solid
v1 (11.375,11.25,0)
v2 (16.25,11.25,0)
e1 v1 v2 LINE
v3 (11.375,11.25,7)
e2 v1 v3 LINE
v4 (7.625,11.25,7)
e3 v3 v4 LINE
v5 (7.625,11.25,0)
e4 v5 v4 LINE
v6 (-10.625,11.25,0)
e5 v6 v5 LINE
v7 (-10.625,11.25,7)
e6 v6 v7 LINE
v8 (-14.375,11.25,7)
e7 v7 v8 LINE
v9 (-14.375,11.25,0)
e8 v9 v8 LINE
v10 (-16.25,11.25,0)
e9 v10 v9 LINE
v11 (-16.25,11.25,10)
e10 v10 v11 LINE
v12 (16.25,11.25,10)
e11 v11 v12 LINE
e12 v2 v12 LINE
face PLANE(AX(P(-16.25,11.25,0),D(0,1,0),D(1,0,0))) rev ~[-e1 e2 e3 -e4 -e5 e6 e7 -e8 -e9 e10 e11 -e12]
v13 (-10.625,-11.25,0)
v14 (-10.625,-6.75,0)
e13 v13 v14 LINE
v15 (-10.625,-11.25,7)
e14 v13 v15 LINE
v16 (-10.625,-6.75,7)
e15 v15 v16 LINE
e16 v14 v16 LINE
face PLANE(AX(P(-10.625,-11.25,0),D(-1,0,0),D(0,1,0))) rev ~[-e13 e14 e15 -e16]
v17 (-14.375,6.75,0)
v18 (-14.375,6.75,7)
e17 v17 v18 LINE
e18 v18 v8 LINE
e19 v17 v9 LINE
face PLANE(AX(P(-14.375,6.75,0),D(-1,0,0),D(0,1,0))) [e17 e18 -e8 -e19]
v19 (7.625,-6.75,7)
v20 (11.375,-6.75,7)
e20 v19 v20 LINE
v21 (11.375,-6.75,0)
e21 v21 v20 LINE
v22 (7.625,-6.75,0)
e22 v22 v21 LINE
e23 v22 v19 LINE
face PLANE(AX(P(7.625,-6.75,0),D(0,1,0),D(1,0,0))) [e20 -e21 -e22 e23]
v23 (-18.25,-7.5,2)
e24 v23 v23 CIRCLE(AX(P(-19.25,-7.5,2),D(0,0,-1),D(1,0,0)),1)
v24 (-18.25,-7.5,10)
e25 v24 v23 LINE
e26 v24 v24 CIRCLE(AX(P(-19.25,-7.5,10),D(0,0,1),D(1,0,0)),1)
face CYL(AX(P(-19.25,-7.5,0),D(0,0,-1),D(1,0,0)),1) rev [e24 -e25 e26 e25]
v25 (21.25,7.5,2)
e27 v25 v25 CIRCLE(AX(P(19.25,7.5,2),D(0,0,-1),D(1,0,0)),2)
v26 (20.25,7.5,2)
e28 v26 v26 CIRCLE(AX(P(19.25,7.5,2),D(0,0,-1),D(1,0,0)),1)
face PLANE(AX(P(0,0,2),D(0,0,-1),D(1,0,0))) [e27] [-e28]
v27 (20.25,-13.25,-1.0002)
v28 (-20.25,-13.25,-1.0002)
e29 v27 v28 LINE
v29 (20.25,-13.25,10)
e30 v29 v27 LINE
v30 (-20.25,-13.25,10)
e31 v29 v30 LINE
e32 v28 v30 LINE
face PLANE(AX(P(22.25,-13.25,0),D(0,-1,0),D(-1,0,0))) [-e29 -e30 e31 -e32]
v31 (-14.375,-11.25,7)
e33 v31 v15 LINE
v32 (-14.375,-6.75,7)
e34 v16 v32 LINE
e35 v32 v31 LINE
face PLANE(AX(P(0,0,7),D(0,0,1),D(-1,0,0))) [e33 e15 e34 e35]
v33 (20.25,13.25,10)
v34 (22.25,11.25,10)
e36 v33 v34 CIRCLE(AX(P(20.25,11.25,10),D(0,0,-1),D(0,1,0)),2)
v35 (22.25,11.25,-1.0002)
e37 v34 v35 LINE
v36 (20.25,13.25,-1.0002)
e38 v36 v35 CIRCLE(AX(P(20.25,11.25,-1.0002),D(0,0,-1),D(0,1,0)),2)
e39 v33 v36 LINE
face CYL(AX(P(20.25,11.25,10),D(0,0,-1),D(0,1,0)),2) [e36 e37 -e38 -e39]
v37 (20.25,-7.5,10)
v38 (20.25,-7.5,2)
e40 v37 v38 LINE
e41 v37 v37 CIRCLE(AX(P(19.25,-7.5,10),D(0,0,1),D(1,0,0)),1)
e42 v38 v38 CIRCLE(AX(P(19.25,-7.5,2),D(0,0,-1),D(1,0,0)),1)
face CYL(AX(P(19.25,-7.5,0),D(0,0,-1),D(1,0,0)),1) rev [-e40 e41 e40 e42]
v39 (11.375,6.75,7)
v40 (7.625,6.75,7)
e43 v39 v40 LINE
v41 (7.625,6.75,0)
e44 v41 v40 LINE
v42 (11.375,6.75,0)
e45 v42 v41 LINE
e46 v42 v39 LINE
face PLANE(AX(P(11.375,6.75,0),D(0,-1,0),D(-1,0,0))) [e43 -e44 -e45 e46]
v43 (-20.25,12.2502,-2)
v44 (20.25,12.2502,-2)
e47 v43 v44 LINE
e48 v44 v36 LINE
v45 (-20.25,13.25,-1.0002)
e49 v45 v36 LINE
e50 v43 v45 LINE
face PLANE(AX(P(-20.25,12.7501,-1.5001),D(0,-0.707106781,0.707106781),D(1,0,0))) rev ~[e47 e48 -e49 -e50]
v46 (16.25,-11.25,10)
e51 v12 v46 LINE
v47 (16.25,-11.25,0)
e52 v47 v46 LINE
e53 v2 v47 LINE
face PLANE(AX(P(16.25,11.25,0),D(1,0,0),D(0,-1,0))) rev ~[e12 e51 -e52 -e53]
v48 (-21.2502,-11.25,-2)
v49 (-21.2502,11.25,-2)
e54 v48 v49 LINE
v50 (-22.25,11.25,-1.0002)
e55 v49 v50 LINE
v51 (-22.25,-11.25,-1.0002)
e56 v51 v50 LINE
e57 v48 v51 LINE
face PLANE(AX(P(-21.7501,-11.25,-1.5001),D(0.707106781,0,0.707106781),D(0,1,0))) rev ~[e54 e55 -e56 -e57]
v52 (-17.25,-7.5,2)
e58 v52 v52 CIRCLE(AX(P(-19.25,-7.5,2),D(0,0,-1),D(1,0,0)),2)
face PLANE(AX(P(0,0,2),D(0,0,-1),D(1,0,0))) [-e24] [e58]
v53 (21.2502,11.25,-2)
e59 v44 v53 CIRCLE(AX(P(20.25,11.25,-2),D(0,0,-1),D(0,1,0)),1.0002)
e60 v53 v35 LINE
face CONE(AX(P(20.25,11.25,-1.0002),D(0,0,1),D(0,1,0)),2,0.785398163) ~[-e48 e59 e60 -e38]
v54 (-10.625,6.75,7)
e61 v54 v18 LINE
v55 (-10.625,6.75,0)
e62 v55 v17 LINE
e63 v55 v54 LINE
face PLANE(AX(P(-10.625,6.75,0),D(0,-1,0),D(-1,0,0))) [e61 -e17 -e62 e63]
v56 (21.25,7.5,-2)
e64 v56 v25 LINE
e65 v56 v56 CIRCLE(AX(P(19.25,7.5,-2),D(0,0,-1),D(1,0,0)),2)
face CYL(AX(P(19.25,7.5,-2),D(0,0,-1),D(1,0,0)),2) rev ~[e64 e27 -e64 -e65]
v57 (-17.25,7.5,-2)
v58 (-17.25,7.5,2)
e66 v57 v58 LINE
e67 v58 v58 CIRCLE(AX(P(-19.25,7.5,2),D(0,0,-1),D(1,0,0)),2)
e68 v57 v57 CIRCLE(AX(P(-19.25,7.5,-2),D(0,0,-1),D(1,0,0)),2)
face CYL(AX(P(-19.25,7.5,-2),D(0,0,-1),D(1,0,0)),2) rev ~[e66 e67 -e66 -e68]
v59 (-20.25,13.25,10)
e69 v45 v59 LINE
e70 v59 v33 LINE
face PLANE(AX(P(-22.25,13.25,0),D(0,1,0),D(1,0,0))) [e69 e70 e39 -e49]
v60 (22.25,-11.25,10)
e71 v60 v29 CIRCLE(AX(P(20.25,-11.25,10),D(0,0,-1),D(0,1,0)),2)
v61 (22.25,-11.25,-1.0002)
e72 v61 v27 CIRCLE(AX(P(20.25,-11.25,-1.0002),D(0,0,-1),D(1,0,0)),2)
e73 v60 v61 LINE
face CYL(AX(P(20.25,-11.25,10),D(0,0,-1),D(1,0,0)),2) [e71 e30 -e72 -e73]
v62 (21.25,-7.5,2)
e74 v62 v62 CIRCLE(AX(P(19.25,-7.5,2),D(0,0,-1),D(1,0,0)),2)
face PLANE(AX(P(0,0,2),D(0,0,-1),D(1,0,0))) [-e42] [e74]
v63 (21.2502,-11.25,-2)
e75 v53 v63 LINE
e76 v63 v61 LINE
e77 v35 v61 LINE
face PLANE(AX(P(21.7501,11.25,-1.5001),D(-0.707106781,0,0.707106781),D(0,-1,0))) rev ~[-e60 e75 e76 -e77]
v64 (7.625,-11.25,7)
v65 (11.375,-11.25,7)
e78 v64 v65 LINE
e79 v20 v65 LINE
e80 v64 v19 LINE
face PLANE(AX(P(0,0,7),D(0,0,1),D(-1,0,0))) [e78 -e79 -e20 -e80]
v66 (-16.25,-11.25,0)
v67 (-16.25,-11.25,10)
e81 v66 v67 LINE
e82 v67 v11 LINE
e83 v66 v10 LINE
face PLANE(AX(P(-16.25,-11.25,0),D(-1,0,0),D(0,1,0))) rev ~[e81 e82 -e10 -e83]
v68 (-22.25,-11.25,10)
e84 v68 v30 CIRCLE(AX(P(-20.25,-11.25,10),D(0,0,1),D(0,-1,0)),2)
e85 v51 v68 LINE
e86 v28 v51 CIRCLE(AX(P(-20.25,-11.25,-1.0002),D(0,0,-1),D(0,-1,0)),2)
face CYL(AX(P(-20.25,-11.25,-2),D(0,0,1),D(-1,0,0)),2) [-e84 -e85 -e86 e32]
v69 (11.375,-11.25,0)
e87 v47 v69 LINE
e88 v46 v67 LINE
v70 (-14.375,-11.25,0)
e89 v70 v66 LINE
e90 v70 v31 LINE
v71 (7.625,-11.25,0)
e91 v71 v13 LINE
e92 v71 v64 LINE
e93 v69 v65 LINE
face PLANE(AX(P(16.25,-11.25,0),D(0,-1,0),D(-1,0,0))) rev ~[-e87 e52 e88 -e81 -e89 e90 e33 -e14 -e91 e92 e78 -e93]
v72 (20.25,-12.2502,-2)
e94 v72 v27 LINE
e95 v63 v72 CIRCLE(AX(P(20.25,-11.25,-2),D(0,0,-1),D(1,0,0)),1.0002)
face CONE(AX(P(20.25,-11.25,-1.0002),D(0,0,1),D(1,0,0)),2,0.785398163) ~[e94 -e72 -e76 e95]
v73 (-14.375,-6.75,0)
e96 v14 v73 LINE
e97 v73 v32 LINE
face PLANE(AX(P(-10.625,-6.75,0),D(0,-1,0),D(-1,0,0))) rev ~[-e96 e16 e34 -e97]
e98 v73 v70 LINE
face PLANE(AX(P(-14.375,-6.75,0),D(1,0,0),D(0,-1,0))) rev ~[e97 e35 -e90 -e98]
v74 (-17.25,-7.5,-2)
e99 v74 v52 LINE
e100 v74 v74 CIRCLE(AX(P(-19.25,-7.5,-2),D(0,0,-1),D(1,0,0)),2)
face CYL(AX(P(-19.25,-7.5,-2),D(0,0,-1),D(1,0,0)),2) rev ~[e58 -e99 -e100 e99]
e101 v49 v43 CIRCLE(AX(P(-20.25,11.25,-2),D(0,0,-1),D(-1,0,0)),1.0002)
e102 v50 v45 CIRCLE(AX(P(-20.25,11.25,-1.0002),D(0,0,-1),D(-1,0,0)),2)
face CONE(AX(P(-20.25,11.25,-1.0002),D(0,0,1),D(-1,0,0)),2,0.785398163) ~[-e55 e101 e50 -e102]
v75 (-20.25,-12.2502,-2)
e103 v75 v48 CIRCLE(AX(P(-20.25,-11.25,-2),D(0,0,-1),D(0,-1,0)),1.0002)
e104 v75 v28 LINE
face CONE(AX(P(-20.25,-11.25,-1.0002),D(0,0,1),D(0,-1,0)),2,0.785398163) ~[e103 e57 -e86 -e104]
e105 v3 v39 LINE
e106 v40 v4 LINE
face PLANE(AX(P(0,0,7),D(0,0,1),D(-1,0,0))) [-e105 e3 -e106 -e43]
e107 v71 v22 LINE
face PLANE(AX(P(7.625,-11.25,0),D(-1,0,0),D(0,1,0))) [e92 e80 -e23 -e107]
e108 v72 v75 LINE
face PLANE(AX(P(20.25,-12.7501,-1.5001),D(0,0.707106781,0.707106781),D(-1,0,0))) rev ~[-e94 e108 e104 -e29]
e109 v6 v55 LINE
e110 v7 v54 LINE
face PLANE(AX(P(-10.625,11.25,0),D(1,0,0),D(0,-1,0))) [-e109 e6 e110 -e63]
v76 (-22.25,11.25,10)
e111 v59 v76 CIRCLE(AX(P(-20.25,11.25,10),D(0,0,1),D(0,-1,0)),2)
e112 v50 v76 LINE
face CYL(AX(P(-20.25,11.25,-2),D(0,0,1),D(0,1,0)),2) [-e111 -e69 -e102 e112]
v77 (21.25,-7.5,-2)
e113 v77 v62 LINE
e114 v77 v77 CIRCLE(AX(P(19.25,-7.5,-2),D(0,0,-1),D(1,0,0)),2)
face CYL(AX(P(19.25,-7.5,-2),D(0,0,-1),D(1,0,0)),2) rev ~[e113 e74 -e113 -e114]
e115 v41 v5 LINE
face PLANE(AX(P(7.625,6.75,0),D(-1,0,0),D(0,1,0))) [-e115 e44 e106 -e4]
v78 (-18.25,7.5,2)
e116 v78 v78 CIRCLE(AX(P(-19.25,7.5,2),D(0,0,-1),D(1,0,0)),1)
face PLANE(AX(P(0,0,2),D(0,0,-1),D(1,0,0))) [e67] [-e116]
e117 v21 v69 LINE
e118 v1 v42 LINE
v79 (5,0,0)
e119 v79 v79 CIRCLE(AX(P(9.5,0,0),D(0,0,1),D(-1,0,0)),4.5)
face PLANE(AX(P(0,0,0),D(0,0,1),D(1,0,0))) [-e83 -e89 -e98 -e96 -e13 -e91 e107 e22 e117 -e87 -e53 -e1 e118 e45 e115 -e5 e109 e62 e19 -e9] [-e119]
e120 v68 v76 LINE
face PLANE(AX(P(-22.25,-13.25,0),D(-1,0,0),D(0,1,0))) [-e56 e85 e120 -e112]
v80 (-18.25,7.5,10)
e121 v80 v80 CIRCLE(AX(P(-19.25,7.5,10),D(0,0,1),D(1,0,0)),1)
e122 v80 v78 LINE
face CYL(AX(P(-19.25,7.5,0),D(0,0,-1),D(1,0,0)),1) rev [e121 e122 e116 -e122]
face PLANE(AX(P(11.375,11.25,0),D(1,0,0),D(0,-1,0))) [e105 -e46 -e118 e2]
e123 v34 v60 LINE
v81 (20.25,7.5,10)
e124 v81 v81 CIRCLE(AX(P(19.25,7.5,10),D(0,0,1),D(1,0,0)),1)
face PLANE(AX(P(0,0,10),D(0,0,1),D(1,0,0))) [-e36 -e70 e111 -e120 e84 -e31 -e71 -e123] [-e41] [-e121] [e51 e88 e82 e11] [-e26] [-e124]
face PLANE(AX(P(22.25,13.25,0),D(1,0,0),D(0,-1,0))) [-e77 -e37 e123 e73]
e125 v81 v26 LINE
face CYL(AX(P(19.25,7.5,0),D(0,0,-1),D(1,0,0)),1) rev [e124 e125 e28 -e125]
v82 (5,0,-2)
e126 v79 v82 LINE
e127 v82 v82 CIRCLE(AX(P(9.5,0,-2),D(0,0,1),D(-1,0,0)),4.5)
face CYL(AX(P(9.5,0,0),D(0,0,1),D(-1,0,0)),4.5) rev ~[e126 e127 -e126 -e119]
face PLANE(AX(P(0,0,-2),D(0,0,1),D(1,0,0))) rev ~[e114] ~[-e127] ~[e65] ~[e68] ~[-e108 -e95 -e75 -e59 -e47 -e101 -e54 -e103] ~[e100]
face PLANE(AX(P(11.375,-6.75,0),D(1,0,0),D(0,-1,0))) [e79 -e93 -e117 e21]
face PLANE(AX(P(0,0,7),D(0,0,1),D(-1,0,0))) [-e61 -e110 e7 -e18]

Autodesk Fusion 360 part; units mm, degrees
sketch "Sketch1" plane through (0, 0, 0) normal (0, 0, 1) x (1, 0, 0)
  line L0 (-16.25, 11.25) -> (16.25, 11.25)
  line L1 (16.25, 11.25) -> (16.25, -11.25)
  line L2 (16.25, -11.25) -> (-16.25, -11.25)
  line L3 (-16.25, -11.25) -> (-16.25, 11.25)
  line L4 (-22.25, 13.25) -> (22.25, 13.25)
  line L5 (22.25, 13.25) -> (22.25, -13.25)
  line L6 (22.25, -13.25) -> (-22.25, -13.25)
  line L7 (-22.25, -13.25) -> (-22.25, 13.25)
  line L8 (-22.25, 13.25) -> (22.25, -13.25) construction
  line L9 (22.25, 13.25) -> (-22.25, -13.25) construction
  line L10 (-19.25, 7.5) -> (-19.25, -7.5) construction
  line L11 (-22.25, 0) -> (-16.25, 0) construction
  line L12 (16.25, 0) -> (22.25, 0) construction
  line L13 (19.25, 7.5) -> (19.25, -7.5) construction
  circle A0 centre (-19.25, 7.5) radius 1
  circle A1 centre (-19.25, -7.5) radius 1
  circle A2 centre (19.25, -7.5) radius 1
  circle A3 centre (19.25, 7.5) radius 1
  point P0 (-19.25, 0)
  point P1 (-19.25, 0)
  point P2 (19.25, 0)
  point P3 (19.25, 0)
  dimension "d1" = 32.5
  dimension "d2" = 22.5
  dimension "d3" = 2
  dimension "d4" = 6
  dimension "d21" = 6
  dimension "d22" = 2
  dimension "d23" = 15
  dimension "d24" = 2
extrude "Extrude1" add sketch "Sketch1" against normal blind 2 contours L0 L1 L2 L3 | L4 L5 L6 L7
extrude "Extrude2" add sketch "Sketch1" along normal blind 10
sketch "Sketch2" plane through (0, 0, 0) normal (0, 0, 1) x (-1, 0, 0)
  line L0 (-16.25, 11.25) -> (-16.25, -11.25)
  line L1 (-16.25, -11.25) -> (16.25, -11.25)
  line L2 (16.25, -11.25) -> (16.25, 11.25)
  line L3 (16.25, 11.25) -> (-16.25, 11.25)
  line L4 (12.5, 9) -> (12.5, -9) construction
  line L5 (12.5, -9) -> (-9.5, -9) construction
  line L6 (-9.5, 9) -> (12.5, 9) construction
  line L7 (-9.5, -9) -> (-9.5, 9) construction
  line L8 (12.5, -9) -> (-9.5, 9) construction
  line L9 (12.5, 9) -> (-9.5, -9) construction
  line L10 (14.375, -11.25) -> (10.625, -11.25)
  line L11 (10.625, -11.25) -> (10.625, -6.75)
  line L12 (10.625, -6.75) -> (14.375, -6.75)
  line L13 (14.375, -6.75) -> (14.375, -11.25)
  line L14 (14.375, -11.25) -> (10.625, -6.75) construction
  line L15 (10.625, -11.25) -> (14.375, -6.75) construction
  line L16 (-7.625, -11.25) -> (-11.375, -11.25)
  line L17 (-11.375, -11.25) -> (-11.375, -6.75)
  line L18 (-11.375, -6.75) -> (-7.625, -6.75)
  line L19 (-7.625, -6.75) -> (-7.625, -11.25)
  line L20 (-7.625, -11.25) -> (-11.375, -6.75) construction
  line L21 (-11.375, -11.25) -> (-7.625, -6.75) construction
  line L22 (14.375, 11.25) -> (10.625, 11.25)
  line L23 (10.625, 11.25) -> (10.625, 6.75)
  line L24 (10.625, 6.75) -> (14.375, 6.75)
  line L25 (14.375, 6.75) -> (14.375, 11.25)
  line L26 (14.375, 11.25) -> (10.625, 6.75) construction
  line L27 (10.625, 11.25) -> (14.375, 6.75) construction
  line L28 (-11.375, 11.25) -> (-7.625, 11.25)
  line L29 (-7.625, 11.25) -> (-7.625, 6.75)
  line L30 (-7.625, 6.75) -> (-11.375, 6.75)
  line L31 (-11.375, 6.75) -> (-11.375, 11.25)
  line L32 (-11.375, 11.25) -> (-7.625, 6.75) construction
  line L33 (-7.625, 11.25) -> (-11.375, 6.75) construction
  circle A0 centre (12.5, -9) radius 0.875
  circle A1 centre (-9.5, -9) radius 0.875
  circle A2 centre (-9.5, 9) radius 0.875
  circle A3 centre (12.5, 9) radius 0.875
  circle A4 centre (-9.5, 0) radius 4.5
  point P0 (1.5, 0)
  point P1 (12.5, -9)
  point P2 (-9.5, -9)
  point P3 (12.5, 9)
  point P4 (-9.5, 9)
  dimension "d9" = 18
  dimension "d10" = 22
  dimension "d11" = 1.5
  dimension "d12" = 3.75
  dimension "d13" = 1.75
  dimension "d16" = 9
extrude "Extrude3" add sketch "Sketch2" along normal blind 7 contours L3 L28 L29 L30 L31 | L1 L16 L17 L18 L19 | L3 L22 L23 L24 L25 | L1 L10 L11 L12 L13 | A0 | A1 | A2 | A3
extrude "Extrude4" cut sketch "Sketch2" against normal through all contours A4
sketch "Sketch3" plane through (0, 0, -2) normal (0, 0, -1) x (1, 0, 0)
  circle A0 centre (9.5, 0) radius 4.5
  circle A1 centre (19.25, -7.5) radius 1
  circle A2 centre (-19.25, 7.5) radius 1
  circle A3 centre (19.25, 7.5) radius 1
  circle A4 centre (-19.25, -7.5) radius 1
  line L0 (22.25, 13.25) -> (-22.25, 13.25)
  line L1 (-22.25, 13.25) -> (-22.25, -13.25)
  line L2 (-22.25, -13.25) -> (22.25, -13.25)
  line L3 (22.25, -13.25) -> (22.25, 13.25)
  circle A5 centre (-19.25, 7.5) radius 2
  circle A6 centre (-19.25, -7.5) radius 2
  circle A7 centre (19.25, -7.5) radius 2
  circle A8 centre (19.25, 7.5) radius 2
  dimension "d25" = 4
extrude "Extrude5" cut sketch "Sketch3" against normal blind 4 contours A5 | A6 | A7 | A8
fillet "Fillet1" radius 2 4 edges at (22.25, 13.25, 4) (-22.25, 13.25, 4) (-22.25, -13.25, 4) (22.25, -13.25, 4)
chamfer "Chamfer1" distance 1 angle 45 8 edges at (0, -13.25, -2) (-21.6642, -12.6642, -2) (-22.25, 0, -2) (-21.6642, 12.6642, -2) (0, 13.25, -2) (21.6642, 12.6642, -2) (22.25, 0, -2) (21.6642, -12.6642, -2)
equation "d21 = d4"
equation "d22 = d3"
